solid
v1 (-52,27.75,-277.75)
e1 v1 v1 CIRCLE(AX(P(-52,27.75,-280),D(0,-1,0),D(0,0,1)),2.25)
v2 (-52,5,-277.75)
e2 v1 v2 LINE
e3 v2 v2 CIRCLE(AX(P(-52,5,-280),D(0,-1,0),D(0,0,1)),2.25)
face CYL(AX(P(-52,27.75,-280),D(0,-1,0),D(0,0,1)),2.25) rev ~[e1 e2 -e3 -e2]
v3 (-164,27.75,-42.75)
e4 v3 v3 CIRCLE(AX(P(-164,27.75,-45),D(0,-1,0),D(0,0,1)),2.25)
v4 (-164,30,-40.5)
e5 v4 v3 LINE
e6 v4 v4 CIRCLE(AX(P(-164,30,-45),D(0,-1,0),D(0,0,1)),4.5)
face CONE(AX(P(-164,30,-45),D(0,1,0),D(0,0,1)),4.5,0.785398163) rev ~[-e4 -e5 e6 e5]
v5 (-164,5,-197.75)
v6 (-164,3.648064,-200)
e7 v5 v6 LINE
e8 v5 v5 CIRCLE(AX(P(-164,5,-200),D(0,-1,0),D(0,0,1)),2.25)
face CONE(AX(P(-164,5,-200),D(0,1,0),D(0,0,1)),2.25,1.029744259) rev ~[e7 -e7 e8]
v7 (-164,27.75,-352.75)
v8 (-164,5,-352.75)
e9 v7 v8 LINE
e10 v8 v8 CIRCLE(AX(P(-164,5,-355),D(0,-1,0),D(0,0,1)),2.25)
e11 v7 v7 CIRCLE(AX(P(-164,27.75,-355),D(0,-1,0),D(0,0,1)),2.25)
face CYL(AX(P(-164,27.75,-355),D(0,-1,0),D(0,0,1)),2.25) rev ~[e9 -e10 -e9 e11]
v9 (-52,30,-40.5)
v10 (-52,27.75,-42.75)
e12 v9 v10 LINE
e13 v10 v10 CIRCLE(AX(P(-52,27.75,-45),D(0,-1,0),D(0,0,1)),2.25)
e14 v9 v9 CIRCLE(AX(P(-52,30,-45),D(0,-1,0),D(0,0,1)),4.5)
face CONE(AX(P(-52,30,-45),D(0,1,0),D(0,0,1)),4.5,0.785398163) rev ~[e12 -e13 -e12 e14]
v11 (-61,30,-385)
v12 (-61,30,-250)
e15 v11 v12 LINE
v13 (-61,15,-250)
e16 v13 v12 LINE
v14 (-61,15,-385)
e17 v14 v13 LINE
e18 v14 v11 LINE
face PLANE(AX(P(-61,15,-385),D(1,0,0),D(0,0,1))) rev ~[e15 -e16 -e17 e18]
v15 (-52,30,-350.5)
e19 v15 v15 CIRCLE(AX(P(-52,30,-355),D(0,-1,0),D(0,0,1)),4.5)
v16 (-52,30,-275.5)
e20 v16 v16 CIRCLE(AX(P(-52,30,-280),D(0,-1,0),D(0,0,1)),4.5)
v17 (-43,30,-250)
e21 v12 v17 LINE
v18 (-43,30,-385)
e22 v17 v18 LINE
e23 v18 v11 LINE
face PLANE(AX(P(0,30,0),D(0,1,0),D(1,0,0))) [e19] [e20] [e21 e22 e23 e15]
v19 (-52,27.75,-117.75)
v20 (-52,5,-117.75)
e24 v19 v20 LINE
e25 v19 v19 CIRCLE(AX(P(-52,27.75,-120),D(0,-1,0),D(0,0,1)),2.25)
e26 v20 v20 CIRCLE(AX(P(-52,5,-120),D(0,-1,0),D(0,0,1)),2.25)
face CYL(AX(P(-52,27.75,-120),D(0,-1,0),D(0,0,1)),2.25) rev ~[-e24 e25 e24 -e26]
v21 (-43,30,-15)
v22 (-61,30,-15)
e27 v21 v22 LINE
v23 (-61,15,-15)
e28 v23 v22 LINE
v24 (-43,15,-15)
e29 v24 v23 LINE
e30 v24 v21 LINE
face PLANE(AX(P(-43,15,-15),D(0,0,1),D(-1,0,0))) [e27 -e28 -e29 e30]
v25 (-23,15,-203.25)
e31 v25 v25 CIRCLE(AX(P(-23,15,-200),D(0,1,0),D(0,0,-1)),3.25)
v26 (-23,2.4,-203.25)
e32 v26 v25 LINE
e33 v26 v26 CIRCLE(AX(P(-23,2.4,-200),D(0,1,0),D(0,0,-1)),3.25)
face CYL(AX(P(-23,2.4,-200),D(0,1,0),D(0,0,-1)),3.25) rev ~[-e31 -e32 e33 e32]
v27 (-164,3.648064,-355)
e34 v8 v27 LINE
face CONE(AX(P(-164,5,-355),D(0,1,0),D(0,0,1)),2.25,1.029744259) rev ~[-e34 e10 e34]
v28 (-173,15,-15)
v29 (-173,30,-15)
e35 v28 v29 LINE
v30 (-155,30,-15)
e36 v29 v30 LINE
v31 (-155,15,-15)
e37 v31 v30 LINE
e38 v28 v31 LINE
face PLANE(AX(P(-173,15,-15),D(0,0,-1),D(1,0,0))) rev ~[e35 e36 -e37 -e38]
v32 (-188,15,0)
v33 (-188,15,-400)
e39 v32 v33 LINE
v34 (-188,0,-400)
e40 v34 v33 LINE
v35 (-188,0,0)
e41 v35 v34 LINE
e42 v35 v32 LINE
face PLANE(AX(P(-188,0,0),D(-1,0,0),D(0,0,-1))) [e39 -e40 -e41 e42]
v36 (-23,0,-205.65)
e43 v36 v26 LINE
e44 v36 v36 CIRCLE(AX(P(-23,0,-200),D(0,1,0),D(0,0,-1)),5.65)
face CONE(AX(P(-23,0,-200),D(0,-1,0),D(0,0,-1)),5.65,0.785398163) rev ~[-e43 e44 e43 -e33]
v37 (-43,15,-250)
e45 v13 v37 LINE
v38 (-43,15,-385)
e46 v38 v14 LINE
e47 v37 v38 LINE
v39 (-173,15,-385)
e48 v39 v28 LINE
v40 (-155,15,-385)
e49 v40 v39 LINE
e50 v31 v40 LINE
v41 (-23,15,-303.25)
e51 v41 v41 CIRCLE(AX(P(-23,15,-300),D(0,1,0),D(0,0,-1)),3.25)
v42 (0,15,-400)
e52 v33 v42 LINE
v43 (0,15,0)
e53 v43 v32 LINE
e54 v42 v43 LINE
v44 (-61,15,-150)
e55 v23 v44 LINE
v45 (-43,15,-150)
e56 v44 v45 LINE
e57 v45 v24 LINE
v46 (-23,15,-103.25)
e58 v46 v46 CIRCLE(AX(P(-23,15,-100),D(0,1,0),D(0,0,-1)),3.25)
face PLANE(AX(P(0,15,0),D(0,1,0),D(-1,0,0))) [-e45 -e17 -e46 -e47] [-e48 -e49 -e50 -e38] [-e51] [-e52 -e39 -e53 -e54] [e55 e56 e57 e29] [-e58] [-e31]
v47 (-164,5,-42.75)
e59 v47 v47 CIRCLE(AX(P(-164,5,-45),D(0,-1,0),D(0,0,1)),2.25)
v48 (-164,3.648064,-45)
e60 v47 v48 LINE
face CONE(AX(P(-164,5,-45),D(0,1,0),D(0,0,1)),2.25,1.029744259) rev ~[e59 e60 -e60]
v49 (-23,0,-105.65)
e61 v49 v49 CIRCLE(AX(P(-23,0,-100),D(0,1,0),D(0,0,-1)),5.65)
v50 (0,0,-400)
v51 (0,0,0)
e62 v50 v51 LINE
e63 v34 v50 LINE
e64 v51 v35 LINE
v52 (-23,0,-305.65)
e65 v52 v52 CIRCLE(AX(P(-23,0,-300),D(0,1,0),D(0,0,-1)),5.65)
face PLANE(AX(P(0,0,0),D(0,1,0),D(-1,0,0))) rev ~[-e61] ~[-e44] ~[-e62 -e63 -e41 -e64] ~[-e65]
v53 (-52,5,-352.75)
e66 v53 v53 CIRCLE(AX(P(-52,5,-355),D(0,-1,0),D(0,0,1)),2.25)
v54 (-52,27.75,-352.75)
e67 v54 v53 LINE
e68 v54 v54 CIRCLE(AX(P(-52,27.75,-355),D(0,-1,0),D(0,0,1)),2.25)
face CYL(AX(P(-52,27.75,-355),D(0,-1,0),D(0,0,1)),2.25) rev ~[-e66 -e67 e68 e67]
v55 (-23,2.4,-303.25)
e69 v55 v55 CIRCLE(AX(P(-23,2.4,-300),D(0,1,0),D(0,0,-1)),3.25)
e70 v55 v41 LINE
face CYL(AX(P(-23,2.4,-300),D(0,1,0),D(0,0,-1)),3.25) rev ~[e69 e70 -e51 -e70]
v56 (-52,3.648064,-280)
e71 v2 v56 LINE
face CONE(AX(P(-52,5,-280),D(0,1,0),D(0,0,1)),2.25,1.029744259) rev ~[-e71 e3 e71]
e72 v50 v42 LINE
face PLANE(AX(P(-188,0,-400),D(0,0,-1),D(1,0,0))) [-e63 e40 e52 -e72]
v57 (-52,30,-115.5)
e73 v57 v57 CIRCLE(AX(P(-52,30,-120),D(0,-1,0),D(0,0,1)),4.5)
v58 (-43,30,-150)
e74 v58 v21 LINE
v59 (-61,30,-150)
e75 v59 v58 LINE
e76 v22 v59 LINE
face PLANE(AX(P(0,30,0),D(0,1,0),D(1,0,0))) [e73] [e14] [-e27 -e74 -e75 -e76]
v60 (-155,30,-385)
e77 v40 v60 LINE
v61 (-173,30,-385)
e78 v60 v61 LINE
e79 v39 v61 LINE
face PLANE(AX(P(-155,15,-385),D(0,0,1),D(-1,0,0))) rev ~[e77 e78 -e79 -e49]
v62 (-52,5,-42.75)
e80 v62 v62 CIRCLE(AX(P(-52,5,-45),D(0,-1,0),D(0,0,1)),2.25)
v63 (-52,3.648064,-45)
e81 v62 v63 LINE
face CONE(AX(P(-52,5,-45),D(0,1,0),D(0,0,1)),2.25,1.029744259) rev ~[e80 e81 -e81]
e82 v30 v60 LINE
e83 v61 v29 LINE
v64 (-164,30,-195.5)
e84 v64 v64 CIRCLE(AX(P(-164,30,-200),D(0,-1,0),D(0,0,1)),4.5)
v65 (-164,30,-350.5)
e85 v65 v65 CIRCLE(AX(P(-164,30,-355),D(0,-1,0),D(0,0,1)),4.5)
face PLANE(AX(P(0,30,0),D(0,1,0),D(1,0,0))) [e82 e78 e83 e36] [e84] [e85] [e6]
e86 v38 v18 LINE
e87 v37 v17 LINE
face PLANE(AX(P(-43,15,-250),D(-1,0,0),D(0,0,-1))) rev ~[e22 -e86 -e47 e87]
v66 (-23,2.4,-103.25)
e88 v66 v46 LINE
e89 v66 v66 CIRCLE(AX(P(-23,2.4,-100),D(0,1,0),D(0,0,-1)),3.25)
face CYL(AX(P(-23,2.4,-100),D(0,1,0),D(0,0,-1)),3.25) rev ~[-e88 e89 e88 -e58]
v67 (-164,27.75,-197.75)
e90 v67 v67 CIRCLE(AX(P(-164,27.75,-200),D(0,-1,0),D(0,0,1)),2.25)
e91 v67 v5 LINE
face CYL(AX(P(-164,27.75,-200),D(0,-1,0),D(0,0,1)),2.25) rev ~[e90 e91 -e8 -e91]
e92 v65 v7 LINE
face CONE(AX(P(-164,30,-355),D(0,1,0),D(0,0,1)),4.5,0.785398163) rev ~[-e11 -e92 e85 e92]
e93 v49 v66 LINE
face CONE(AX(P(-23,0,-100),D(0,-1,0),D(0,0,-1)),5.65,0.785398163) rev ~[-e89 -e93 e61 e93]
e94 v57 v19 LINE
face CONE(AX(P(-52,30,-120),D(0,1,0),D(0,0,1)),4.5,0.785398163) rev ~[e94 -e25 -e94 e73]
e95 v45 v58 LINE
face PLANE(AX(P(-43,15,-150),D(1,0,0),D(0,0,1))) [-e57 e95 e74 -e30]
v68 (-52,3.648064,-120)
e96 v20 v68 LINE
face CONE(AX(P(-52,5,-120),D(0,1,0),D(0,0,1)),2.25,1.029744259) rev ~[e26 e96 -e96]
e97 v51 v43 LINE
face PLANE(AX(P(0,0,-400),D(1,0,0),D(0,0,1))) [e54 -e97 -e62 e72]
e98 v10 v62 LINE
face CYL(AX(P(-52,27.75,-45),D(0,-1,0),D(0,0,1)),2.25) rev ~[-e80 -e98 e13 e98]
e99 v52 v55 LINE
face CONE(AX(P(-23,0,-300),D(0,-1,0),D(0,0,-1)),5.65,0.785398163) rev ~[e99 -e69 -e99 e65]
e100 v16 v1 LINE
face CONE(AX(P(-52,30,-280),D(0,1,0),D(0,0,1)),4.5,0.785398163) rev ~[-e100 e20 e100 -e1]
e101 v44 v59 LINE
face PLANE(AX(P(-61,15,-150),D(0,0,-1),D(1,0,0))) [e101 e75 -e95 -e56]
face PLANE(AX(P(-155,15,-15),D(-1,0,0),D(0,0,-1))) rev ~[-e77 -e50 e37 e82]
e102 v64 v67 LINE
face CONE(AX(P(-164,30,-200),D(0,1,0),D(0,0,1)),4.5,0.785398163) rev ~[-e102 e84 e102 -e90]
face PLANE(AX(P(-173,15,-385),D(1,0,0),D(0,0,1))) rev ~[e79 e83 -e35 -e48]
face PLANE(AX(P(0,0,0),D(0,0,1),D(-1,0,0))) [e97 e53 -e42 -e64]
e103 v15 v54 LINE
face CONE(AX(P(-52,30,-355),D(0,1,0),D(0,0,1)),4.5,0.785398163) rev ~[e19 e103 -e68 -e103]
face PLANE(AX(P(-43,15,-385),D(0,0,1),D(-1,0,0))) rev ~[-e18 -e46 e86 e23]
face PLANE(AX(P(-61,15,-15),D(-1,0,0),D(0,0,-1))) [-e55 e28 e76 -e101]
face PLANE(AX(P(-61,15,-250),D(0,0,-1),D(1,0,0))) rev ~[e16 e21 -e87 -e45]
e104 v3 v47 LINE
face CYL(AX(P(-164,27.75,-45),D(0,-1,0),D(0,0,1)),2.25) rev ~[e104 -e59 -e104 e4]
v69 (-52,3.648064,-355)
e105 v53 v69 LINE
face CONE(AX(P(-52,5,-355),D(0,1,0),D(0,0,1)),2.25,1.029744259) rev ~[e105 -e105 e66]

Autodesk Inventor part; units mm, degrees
ref_plane "YZ Plane" through (0, 0, 0) normal (1, 0, 0) x (0, 1, 0)
ref_plane "XZ Plane" through (0, 0, 0) normal (0, 1, 0) x (-1, 0, 0)
ref_plane "XY Plane" through (0, 0, 0) normal (0, 0, 1) x (1, 0, 0)
sketch "Skizze1" plane through (0, 0, 0) normal (0, 1, 0) x (-1, 0, 0)
  line L0 (0, 0) -> (188, 0)
  line L1 (188, 0) -> (188, -400)
  line L2 (188, -400) -> (0, -400)
  line L3 (0, -400) -> (0, 0)
  dimension "d1" = 188
  dimension "d2" = 400
extrude "Extrusion1" add sketch "Skizze1" along normal blind 15
sketch "Skizze2" plane through (0, 15, 0) normal (0, 1, 0) x (1, 0, 0)
  line L0 (-173, 15) -> (-155, 15)
  line L1 (-155, 15) -> (-155, 385)
  line L2 (-155, 385) -> (-173, 385)
  line L3 (-173, 385) -> (-173, 15)
  line L4 (-43, 15) -> (-61, 15)
  line L5 (-61, 15) -> (-61, 150)
  line L6 (-61, 150) -> (-43, 150)
  line L7 (-43, 150) -> (-43, 15)
  line L8 (-43, 385) -> (-61, 385)
  line L9 (-61, 385) -> (-61, 250)
  line L10 (-61, 250) -> (-43, 250)
  line L11 (-43, 250) -> (-43, 385)
  line L12 (-188, 0) -> (0, 0) projected
  line L13 (0, 0) -> (0, 400) projected
  dimension "d5" = 18
  dimension "d6" = 370
  dimension "d7" = 18
  dimension "d8" = 135
  dimension "d9" = 135
  dimension "d10" = 18
  dimension "d11" = 15
  dimension "d12" = 150
  dimension "d13" = 250
  dimension "d14" = 43
  dimension "d15" = 155
  dimension "d16" = 43
extrude "Extrusion2" add sketch "Skizze2" along normal blind 15
sketch "Skizze3" plane through (0, 30, 0) normal (0, 1, 0) x (1, 0, 0)
  point P0 (0, 0)
  point P1 (-52, 45)
  point P2 (-52, 120)
  point P3 (-52, 280)
  point P4 (-52, 355)
  point P5 (-164, 355)
  point P6 (-164, 200)
  point P7 (-164, 45)
hole "Bohrung1" at (-52, 30, -45) at (-52, 30, -120) at (-52, 30, -280) at (-52, 30, -355) at (-164, 30, -355) at (-164, 30, -200) at (-164, 30, -45) direction (0, -1, 0) diameter 4.5 depth 25 tip angle 118 countersink diameter 9 countersink angle 90
sketch "Skizze4" plane through (0, 0, 0) normal (0, -1, 0) x (1, 0, 0)
  line L0 (0, 0) -> (-188, 0) projected
  line L1 (0, -400) -> (0, 0) projected
  point P0 (-23, -200)
  point P1 (-23, -100)
  point P2 (-23, -300)
  dimension "d26" = 100
  dimension "d27" = 200
  dimension "d28" = 300
  dimension "d29" = 23
  dimension "d30" = 23
  dimension "d31" = 23
hole "Bohrung2" at (-23, 0, -100) at (-23, 0, -200) at (-23, 0, -300) direction (0, 1, 0) diameter 6.5 end through all countersink diameter 11.3 countersink angle 90
properties part number "frontHolz" material "Pappel"
